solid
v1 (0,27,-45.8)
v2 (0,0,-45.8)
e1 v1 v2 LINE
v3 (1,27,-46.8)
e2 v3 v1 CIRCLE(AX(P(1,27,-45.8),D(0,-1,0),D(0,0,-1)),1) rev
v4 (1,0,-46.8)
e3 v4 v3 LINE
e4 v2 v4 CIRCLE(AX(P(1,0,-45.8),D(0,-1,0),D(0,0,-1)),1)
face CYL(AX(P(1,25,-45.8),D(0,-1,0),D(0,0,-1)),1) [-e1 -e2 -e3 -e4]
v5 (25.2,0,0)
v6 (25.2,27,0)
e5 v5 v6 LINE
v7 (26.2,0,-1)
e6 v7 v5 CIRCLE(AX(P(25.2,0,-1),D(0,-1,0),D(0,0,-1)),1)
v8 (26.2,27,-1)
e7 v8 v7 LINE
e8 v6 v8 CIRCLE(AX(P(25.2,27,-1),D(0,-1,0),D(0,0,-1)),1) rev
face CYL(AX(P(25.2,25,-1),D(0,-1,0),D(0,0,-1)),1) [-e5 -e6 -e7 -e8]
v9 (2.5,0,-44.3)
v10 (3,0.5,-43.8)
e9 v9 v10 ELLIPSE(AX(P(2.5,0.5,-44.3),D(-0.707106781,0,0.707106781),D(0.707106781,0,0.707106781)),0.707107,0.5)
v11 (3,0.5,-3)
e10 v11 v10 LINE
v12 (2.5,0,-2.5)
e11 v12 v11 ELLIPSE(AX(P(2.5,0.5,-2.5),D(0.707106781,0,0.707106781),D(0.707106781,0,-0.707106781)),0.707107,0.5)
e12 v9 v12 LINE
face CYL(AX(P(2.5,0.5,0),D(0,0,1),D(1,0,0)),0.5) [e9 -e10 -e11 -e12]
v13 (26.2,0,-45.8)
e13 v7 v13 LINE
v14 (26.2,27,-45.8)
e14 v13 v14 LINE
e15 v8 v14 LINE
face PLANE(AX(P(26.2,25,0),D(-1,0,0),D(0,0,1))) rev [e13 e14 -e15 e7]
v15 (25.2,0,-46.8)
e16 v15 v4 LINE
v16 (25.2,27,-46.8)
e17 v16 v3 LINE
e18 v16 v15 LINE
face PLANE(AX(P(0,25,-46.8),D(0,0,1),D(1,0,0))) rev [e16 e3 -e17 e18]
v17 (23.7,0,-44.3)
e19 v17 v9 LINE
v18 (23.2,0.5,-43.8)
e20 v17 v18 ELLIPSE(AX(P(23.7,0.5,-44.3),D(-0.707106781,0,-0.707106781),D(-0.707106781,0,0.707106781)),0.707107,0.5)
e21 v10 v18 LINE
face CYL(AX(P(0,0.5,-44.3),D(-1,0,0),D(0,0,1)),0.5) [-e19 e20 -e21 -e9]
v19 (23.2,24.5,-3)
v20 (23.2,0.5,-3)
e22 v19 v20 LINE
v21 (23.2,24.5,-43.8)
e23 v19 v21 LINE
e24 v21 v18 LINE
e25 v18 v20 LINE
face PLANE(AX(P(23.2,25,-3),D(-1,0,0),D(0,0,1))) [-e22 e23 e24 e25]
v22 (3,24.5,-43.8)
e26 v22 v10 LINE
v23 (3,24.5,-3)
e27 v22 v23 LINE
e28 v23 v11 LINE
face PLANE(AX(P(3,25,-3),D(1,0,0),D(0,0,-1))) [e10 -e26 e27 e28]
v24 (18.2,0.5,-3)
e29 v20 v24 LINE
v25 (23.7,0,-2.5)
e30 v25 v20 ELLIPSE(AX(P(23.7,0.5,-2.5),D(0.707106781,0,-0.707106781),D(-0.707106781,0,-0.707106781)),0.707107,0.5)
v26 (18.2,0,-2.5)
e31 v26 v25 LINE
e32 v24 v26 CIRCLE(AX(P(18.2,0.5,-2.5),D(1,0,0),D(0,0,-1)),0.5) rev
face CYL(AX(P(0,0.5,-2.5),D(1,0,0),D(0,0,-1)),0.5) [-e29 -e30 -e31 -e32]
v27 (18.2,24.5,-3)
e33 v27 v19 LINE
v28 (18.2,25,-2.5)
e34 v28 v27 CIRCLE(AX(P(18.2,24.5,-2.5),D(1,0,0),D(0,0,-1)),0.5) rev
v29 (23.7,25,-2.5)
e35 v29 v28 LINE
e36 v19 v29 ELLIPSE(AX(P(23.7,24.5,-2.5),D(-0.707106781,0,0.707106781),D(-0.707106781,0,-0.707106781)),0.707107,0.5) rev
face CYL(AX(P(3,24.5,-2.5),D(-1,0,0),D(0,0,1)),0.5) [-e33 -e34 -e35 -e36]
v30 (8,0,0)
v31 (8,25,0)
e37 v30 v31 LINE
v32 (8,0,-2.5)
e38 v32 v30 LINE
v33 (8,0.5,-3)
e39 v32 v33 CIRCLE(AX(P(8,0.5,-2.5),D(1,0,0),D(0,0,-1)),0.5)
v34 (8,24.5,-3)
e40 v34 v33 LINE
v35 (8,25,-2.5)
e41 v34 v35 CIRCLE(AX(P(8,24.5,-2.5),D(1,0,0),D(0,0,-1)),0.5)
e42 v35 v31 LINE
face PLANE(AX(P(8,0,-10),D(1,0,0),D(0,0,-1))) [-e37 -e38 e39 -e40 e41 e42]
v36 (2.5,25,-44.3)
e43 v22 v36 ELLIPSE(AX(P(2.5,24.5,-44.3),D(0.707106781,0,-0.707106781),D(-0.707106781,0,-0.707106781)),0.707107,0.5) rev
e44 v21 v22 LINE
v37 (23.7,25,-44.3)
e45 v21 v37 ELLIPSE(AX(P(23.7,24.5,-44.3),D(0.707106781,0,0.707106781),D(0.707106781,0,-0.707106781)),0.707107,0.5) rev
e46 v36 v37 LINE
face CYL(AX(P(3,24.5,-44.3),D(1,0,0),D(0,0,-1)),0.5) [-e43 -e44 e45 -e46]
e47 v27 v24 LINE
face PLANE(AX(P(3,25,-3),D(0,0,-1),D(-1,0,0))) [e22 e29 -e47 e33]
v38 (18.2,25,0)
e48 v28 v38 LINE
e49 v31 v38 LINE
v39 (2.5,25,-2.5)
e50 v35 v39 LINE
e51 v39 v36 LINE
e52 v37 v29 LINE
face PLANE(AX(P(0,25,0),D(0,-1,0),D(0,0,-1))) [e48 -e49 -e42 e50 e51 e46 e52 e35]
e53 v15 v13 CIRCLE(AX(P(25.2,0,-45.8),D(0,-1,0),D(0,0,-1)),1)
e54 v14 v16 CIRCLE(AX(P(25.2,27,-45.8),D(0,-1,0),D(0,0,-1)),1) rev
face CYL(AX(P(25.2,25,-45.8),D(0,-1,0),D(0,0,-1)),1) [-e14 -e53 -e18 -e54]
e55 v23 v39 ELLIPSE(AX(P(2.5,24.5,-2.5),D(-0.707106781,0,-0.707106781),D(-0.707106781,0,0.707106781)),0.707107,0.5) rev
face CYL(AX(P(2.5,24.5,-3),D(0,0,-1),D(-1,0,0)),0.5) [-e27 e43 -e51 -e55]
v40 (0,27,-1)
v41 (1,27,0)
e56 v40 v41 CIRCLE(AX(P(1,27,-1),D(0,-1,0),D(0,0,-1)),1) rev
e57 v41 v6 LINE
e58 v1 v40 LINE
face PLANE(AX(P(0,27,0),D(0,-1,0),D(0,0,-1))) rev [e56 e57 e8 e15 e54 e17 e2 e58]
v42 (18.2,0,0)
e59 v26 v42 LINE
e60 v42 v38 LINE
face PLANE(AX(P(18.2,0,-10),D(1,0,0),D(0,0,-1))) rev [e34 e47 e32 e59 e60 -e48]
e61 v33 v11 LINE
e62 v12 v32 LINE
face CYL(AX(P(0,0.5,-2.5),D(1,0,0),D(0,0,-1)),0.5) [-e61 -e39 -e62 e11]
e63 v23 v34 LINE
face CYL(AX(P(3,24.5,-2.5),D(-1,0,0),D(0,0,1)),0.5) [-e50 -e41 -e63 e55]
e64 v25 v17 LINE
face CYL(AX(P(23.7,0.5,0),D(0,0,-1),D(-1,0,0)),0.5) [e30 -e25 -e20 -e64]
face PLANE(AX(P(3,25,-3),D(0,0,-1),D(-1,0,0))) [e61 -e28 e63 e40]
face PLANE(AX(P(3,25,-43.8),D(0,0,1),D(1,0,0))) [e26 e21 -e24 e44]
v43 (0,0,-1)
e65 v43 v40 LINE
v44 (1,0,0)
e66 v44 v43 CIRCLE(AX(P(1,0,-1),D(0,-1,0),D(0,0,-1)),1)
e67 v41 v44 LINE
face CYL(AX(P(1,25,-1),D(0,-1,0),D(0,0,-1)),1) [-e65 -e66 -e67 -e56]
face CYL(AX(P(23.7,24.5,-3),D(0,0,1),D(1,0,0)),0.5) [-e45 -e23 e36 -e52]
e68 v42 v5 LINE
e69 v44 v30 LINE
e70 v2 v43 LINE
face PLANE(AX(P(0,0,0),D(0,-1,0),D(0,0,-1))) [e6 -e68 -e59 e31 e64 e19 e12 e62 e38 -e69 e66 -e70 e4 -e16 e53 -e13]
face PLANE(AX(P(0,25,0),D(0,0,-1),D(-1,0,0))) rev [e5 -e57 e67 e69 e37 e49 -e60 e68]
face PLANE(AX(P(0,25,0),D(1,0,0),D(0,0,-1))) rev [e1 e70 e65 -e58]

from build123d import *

# Parameters (mm, degrees)
SKETCH1_W           = 26.2
SKETCH1_H           = 46.8
SKETCH1_W_2         = 20.2
SKETCH1_H_2         = 40.8
BOSS_EXTRUDE1_DEPTH = 25
SKETCH3_W           = 10.2
SKETCH3_H           = 25
CUT_EXTRUDE1_DEPTH  = 10
FILLET1_R           = 0.5
SKETCH4_W           = 26.2
SKETCH4_H           = 46.8
BOSS_EXTRUDE2_DEPTH = 2
FILLET2_R           = 1


with BuildPart() as part:
    # Sketch1 → Boss-Extrude1 (new body)
    with BuildSketch(Plane(origin=(0, 0, 0), x_dir=(1, 0, 0), z_dir=(0, 1, 0))):
        with Locations((13.1, 23.4)):
            Rectangle(SKETCH1_W, SKETCH1_H)
        with Locations((13.1, 23.4)):
            Rectangle(SKETCH1_W_2, SKETCH1_H_2, mode=Mode.SUBTRACT)
    extrude(amount=BOSS_EXTRUDE1_DEPTH)

    # Sketch3 → Cut-Extrude1 (cut)
    with BuildSketch(Plane.XY):
        with Locations((13.1, 12.5)):
            Rectangle(SKETCH3_W, SKETCH3_H)
    extrude(amount=-CUT_EXTRUDE1_DEPTH, mode=Mode.SUBTRACT)

    # Fillet1
    fillet1_edges = [part.edges().sort_by_distance(p)[0] for p in [
        (3, 0, -23.4),
        (5.5, 0, -3),
        (23.2, 0, -23.4),
        (13.1, 0, -43.8),
        (3, 25, -23.4),
        (5.5, 25, -3),
        (23.2, 25, -23.4),
        (13.1, 25, -43.8),
        (20.7, 0, -3),
        (20.7, 25, -3),
    ]]
    fillet(fillet1_edges, radius=FILLET1_R)

    # Sketch4 → Boss-Extrude2 (add)
    with BuildSketch(Plane(origin=(0, 25, 0), x_dir=(1, 0, 0), z_dir=(0, 1, 0))):
        with Locations((13.1, 23.4)):
            Rectangle(SKETCH4_W, SKETCH4_H)
    extrude(amount=BOSS_EXTRUDE2_DEPTH)

    # Fillet2
    fillet2_edges = [part.edges().sort_by_distance(p)[0] for p in [
        (0, 13.5, -46.8),
        (26.2, 13.5, -46.8),
        (26.2, 13.5, 0),
        (0, 13.5, 0),
    ]]
    fillet(fillet2_edges, radius=FILLET2_R)


solid = part.part
